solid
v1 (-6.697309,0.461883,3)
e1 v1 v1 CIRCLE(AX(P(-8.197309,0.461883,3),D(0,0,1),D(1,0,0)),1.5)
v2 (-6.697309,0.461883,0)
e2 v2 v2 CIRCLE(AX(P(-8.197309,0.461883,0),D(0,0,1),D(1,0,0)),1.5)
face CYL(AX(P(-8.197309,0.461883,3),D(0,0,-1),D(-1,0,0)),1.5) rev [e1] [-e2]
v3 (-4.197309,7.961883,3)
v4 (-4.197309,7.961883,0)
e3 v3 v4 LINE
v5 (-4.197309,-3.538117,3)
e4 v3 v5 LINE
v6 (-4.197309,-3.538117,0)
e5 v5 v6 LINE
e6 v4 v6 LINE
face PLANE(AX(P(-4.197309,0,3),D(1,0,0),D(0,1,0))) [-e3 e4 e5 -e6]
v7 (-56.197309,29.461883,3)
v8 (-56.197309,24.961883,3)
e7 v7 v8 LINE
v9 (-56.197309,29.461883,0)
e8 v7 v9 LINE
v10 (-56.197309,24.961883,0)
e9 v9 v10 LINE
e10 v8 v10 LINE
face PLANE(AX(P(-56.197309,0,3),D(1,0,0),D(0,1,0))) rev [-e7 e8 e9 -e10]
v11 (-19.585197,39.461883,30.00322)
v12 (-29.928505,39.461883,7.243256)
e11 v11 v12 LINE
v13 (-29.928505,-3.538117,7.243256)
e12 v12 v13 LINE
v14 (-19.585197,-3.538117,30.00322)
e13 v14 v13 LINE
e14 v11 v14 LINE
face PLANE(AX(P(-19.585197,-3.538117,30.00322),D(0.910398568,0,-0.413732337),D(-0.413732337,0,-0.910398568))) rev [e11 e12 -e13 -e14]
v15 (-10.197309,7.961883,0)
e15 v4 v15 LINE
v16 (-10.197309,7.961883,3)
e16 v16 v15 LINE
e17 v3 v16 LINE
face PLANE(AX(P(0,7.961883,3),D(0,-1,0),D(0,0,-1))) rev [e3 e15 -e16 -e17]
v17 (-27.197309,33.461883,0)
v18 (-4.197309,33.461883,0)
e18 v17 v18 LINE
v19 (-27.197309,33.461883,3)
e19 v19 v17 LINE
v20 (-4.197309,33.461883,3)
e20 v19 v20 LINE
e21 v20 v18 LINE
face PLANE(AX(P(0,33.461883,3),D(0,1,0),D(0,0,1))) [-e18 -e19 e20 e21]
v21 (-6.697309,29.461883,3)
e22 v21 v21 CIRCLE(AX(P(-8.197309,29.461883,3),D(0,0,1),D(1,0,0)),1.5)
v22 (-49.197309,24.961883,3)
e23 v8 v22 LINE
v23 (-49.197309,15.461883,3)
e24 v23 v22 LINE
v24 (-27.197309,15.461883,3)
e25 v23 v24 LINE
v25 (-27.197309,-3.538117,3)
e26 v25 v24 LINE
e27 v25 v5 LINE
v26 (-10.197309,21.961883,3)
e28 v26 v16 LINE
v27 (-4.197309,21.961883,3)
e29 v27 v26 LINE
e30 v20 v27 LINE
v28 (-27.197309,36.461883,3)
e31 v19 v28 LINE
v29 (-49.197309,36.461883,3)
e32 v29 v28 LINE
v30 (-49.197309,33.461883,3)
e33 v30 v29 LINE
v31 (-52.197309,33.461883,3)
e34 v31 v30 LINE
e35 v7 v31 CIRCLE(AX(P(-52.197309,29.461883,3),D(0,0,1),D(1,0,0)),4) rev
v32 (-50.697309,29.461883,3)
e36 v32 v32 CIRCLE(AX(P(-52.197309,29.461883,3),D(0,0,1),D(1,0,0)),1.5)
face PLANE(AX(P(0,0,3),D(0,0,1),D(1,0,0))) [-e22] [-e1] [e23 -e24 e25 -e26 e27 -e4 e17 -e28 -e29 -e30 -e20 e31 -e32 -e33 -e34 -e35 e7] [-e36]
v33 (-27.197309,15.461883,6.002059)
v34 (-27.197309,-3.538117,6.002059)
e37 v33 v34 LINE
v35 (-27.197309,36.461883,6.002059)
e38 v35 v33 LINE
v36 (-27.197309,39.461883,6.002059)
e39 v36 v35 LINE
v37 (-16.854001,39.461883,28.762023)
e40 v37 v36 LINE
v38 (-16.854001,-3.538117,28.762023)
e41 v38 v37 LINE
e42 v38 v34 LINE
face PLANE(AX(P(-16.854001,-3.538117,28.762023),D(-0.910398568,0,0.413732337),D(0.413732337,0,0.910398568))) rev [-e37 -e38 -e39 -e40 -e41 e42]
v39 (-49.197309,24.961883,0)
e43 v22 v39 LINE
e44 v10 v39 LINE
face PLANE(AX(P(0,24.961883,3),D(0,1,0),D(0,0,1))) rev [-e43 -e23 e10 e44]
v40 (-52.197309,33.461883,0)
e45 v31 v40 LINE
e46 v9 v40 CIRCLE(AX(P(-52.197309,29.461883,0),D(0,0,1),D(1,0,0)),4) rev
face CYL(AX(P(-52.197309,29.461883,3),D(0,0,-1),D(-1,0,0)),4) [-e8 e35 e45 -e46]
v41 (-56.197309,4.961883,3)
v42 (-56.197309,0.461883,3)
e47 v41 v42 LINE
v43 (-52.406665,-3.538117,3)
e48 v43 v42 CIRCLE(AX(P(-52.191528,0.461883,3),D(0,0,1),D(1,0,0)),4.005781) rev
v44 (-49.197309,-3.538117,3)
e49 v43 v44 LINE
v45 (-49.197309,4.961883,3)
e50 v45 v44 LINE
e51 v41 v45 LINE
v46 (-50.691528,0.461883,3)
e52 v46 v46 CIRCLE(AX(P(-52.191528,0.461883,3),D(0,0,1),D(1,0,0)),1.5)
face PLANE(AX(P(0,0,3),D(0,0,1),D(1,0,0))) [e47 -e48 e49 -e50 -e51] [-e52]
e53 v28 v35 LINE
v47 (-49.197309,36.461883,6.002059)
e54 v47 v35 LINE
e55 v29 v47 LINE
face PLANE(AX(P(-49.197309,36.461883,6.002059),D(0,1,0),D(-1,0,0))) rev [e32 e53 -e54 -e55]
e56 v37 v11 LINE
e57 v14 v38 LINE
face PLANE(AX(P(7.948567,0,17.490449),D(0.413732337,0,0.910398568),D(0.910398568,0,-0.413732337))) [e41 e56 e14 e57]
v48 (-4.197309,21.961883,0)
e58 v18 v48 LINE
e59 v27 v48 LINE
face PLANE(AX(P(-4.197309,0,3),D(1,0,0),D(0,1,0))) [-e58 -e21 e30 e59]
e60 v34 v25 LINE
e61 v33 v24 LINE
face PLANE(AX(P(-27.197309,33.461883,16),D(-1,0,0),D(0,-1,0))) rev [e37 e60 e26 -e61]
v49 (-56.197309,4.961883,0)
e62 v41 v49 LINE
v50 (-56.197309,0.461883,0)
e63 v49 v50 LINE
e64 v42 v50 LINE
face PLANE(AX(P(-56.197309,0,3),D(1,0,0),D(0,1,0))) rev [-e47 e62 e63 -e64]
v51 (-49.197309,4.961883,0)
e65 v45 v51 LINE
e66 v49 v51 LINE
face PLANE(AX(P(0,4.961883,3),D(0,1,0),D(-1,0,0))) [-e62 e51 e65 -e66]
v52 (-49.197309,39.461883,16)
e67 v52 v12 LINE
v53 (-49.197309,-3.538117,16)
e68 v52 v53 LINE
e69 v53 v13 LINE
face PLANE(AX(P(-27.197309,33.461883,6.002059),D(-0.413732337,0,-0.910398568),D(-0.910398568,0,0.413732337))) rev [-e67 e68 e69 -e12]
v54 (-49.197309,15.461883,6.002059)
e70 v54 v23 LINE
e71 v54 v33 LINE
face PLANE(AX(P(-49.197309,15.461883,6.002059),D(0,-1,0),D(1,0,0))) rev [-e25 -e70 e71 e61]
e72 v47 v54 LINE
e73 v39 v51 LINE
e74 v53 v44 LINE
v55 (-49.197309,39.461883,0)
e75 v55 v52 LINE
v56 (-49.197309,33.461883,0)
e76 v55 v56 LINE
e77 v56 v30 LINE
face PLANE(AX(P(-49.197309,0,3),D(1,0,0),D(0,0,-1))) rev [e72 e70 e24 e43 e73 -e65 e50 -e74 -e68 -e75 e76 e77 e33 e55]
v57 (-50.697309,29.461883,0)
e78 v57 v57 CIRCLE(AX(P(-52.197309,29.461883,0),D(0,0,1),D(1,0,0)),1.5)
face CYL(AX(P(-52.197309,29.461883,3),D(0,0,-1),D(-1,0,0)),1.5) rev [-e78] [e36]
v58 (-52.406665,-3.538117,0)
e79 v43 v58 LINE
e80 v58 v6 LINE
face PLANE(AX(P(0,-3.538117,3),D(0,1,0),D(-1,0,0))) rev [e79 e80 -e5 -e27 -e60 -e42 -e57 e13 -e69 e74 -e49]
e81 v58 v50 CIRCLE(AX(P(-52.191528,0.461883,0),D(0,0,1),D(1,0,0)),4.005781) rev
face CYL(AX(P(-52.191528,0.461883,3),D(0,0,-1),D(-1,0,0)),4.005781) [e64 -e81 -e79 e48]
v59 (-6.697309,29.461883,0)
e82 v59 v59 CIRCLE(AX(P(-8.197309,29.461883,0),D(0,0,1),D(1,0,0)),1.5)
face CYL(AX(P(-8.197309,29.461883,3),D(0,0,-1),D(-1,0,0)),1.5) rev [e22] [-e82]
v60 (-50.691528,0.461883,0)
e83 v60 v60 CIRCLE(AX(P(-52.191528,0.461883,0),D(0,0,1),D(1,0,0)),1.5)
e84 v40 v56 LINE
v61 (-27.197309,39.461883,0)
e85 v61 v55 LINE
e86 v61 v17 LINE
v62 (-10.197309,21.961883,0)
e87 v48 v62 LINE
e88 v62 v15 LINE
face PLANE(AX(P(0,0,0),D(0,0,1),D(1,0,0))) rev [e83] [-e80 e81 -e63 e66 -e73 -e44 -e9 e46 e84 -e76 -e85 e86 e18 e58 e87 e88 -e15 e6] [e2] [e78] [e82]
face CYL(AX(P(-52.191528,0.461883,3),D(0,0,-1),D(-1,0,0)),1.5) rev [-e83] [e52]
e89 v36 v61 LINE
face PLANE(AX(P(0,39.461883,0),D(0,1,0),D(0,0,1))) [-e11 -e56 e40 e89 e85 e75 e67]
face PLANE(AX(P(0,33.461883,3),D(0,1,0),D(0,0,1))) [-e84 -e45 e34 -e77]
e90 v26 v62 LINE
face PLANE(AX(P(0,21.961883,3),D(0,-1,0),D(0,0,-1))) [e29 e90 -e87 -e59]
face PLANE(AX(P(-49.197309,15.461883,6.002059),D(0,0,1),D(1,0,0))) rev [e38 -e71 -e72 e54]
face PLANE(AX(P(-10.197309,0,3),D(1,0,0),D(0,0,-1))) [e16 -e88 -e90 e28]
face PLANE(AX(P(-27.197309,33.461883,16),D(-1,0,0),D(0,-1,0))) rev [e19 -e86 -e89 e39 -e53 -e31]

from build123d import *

# Parameters (mm, degrees)
CROQUIS1_R              = 1.5
SALIENTE_EXTRUIR1_DEPTH = 3
CROQUIS3_W              = 22
CROQUIS3_H              = 37
SALIENTE_EXTRUIR2_DEPTH = 13
CORTAR_EXTRUIR1_START   = -37
CORTAR_EXTRUIR1_DEPTH   = 37
SALIENTE_EXTRUIR4_DEPTH = 6
CROQUIS7_W              = 3.002058729
CROQUIS7_H              = 21
CORTAR_EXTRUIR2_DEPTH   = 22.000001
CROQUIS8_W              = 3
CROQUIS8_H              = 43
SALIENTE_EXTRUIR5_DEPTH = 25


with BuildPart() as part:
    # Croquis1 → Saliente-Extruir1 (new body)
    with BuildSketch(Plane.XY):
        with BuildLine():
            Line((-4.197309417, 33.461883408), (-52.197309417, 33.461883408))
            ThreePointArc((-52.197309417, 33.461883408), (-55.025736542, 32.290310533), (-56.197309417, 29.461883408))
            Line((-56.197309417, 29.461883408), (-56.197309417, 24.961883408))
            Line((-56.197309417, 24.961883408), (-49.197309417, 24.961883408))
            Line((-49.197309417, 24.961883408), (-49.197309417, 4.961883408))
            Line((-49.197309417, 4.961883408), (-56.197309417, 4.961883408))
            Line((-56.197309417, 4.961883408), (-56.197309417, 0.461883408))
            ThreePointArc((-56.197309417, 0.461883408), (-55.099110766, -2.293519818), (-52.406664651, -3.538116592))
            Line((-52.406664651, -3.538116592), (-4.197309417, -3.538116592))
            Line((-4.197309417, -3.538116592), (-4.197309417, 7.961883408))
            Line((-4.197309417, 7.961883408), (-10.197309417, 7.961883408))
            Line((-10.197309417, 7.961883408), (-10.197309417, 21.961883408))
            Line((-10.197309417, 21.961883408), (-4.197309417, 21.961883408))
            Line((-4.197309417, 21.961883408), (-4.197309417, 33.461883408))
        make_face()
        with Locations((-52.19152813, 0.461883408)):
            Circle(CROQUIS1_R, mode=Mode.SUBTRACT)
        with Locations((-8.197309417, 0.461883408)):
            Circle(CROQUIS1_R, mode=Mode.SUBTRACT)
        with Locations((-52.197309417, 29.461883408)):
            Circle(CROQUIS1_R, mode=Mode.SUBTRACT)
        with Locations((-8.197309417, 29.461883408)):
            Circle(CROQUIS1_R, mode=Mode.SUBTRACT)
    extrude(amount=SALIENTE_EXTRUIR1_DEPTH)

    # Croquis3 → Saliente-Extruir2 (add)
    with BuildSketch(Plane.XY.offset(3)):
        with Locations((-38.197309417, 14.961883408)):
            Rectangle(CROQUIS3_W, CROQUIS3_H)
    extrude(amount=SALIENTE_EXTRUIR2_DEPTH)

    # Croquis4 → Cortar-Extruir1 (cut)
    with BuildSketch(Plane.XZ.offset(3.538116592).offset(CORTAR_EXTRUIR1_START)):
        Polygon((-27.197309417, 16), (-27.197309417, 6.002058729), (-49.197309417, 16), align=None)
    extrude(amount=CORTAR_EXTRUIR1_DEPTH, mode=Mode.SUBTRACT)

    # Croquis6 → Saliente-Extruir4 (add)
    with BuildSketch(Plane(origin=(0, 33.461883408, 0), x_dir=(1, 0, 0), z_dir=(0, 1, 0))):
        Polygon((-27.197309417, -6.002058729), (-49.197309417, -16), (-49.197309417, 0), (-27.197309417, 0), align=None)
    extrude(amount=SALIENTE_EXTRUIR4_DEPTH)

    # Croquis7 → Cortar-Extruir2 (cut)
    with BuildSketch(Plane(origin=(-27.197309417, 0, 0), x_dir=(0, 0, -1), z_dir=(1, 0, 0))):
        with Locations((-4.501029365, 25.961883408)):
            Rectangle(CROQUIS7_W, CROQUIS7_H)
    extrude(amount=-CORTAR_EXTRUIR2_DEPTH, mode=Mode.SUBTRACT)

    # Croquis8 → Saliente-Extruir5 (add)
    with BuildSketch(Plane(origin=(-2.394740987, 0, -5.269515022), x_dir=(0.9103985682863143, 0, -0.4137323372208525), z_dir=(0.4137323372208525, 0, 0.9103985682863143))):
        with Locations((-28.743637341, 17.961883408)):
            Rectangle(CROQUIS8_W, CROQUIS8_H)
    extrude(amount=SALIENTE_EXTRUIR5_DEPTH)


solid = part.part
